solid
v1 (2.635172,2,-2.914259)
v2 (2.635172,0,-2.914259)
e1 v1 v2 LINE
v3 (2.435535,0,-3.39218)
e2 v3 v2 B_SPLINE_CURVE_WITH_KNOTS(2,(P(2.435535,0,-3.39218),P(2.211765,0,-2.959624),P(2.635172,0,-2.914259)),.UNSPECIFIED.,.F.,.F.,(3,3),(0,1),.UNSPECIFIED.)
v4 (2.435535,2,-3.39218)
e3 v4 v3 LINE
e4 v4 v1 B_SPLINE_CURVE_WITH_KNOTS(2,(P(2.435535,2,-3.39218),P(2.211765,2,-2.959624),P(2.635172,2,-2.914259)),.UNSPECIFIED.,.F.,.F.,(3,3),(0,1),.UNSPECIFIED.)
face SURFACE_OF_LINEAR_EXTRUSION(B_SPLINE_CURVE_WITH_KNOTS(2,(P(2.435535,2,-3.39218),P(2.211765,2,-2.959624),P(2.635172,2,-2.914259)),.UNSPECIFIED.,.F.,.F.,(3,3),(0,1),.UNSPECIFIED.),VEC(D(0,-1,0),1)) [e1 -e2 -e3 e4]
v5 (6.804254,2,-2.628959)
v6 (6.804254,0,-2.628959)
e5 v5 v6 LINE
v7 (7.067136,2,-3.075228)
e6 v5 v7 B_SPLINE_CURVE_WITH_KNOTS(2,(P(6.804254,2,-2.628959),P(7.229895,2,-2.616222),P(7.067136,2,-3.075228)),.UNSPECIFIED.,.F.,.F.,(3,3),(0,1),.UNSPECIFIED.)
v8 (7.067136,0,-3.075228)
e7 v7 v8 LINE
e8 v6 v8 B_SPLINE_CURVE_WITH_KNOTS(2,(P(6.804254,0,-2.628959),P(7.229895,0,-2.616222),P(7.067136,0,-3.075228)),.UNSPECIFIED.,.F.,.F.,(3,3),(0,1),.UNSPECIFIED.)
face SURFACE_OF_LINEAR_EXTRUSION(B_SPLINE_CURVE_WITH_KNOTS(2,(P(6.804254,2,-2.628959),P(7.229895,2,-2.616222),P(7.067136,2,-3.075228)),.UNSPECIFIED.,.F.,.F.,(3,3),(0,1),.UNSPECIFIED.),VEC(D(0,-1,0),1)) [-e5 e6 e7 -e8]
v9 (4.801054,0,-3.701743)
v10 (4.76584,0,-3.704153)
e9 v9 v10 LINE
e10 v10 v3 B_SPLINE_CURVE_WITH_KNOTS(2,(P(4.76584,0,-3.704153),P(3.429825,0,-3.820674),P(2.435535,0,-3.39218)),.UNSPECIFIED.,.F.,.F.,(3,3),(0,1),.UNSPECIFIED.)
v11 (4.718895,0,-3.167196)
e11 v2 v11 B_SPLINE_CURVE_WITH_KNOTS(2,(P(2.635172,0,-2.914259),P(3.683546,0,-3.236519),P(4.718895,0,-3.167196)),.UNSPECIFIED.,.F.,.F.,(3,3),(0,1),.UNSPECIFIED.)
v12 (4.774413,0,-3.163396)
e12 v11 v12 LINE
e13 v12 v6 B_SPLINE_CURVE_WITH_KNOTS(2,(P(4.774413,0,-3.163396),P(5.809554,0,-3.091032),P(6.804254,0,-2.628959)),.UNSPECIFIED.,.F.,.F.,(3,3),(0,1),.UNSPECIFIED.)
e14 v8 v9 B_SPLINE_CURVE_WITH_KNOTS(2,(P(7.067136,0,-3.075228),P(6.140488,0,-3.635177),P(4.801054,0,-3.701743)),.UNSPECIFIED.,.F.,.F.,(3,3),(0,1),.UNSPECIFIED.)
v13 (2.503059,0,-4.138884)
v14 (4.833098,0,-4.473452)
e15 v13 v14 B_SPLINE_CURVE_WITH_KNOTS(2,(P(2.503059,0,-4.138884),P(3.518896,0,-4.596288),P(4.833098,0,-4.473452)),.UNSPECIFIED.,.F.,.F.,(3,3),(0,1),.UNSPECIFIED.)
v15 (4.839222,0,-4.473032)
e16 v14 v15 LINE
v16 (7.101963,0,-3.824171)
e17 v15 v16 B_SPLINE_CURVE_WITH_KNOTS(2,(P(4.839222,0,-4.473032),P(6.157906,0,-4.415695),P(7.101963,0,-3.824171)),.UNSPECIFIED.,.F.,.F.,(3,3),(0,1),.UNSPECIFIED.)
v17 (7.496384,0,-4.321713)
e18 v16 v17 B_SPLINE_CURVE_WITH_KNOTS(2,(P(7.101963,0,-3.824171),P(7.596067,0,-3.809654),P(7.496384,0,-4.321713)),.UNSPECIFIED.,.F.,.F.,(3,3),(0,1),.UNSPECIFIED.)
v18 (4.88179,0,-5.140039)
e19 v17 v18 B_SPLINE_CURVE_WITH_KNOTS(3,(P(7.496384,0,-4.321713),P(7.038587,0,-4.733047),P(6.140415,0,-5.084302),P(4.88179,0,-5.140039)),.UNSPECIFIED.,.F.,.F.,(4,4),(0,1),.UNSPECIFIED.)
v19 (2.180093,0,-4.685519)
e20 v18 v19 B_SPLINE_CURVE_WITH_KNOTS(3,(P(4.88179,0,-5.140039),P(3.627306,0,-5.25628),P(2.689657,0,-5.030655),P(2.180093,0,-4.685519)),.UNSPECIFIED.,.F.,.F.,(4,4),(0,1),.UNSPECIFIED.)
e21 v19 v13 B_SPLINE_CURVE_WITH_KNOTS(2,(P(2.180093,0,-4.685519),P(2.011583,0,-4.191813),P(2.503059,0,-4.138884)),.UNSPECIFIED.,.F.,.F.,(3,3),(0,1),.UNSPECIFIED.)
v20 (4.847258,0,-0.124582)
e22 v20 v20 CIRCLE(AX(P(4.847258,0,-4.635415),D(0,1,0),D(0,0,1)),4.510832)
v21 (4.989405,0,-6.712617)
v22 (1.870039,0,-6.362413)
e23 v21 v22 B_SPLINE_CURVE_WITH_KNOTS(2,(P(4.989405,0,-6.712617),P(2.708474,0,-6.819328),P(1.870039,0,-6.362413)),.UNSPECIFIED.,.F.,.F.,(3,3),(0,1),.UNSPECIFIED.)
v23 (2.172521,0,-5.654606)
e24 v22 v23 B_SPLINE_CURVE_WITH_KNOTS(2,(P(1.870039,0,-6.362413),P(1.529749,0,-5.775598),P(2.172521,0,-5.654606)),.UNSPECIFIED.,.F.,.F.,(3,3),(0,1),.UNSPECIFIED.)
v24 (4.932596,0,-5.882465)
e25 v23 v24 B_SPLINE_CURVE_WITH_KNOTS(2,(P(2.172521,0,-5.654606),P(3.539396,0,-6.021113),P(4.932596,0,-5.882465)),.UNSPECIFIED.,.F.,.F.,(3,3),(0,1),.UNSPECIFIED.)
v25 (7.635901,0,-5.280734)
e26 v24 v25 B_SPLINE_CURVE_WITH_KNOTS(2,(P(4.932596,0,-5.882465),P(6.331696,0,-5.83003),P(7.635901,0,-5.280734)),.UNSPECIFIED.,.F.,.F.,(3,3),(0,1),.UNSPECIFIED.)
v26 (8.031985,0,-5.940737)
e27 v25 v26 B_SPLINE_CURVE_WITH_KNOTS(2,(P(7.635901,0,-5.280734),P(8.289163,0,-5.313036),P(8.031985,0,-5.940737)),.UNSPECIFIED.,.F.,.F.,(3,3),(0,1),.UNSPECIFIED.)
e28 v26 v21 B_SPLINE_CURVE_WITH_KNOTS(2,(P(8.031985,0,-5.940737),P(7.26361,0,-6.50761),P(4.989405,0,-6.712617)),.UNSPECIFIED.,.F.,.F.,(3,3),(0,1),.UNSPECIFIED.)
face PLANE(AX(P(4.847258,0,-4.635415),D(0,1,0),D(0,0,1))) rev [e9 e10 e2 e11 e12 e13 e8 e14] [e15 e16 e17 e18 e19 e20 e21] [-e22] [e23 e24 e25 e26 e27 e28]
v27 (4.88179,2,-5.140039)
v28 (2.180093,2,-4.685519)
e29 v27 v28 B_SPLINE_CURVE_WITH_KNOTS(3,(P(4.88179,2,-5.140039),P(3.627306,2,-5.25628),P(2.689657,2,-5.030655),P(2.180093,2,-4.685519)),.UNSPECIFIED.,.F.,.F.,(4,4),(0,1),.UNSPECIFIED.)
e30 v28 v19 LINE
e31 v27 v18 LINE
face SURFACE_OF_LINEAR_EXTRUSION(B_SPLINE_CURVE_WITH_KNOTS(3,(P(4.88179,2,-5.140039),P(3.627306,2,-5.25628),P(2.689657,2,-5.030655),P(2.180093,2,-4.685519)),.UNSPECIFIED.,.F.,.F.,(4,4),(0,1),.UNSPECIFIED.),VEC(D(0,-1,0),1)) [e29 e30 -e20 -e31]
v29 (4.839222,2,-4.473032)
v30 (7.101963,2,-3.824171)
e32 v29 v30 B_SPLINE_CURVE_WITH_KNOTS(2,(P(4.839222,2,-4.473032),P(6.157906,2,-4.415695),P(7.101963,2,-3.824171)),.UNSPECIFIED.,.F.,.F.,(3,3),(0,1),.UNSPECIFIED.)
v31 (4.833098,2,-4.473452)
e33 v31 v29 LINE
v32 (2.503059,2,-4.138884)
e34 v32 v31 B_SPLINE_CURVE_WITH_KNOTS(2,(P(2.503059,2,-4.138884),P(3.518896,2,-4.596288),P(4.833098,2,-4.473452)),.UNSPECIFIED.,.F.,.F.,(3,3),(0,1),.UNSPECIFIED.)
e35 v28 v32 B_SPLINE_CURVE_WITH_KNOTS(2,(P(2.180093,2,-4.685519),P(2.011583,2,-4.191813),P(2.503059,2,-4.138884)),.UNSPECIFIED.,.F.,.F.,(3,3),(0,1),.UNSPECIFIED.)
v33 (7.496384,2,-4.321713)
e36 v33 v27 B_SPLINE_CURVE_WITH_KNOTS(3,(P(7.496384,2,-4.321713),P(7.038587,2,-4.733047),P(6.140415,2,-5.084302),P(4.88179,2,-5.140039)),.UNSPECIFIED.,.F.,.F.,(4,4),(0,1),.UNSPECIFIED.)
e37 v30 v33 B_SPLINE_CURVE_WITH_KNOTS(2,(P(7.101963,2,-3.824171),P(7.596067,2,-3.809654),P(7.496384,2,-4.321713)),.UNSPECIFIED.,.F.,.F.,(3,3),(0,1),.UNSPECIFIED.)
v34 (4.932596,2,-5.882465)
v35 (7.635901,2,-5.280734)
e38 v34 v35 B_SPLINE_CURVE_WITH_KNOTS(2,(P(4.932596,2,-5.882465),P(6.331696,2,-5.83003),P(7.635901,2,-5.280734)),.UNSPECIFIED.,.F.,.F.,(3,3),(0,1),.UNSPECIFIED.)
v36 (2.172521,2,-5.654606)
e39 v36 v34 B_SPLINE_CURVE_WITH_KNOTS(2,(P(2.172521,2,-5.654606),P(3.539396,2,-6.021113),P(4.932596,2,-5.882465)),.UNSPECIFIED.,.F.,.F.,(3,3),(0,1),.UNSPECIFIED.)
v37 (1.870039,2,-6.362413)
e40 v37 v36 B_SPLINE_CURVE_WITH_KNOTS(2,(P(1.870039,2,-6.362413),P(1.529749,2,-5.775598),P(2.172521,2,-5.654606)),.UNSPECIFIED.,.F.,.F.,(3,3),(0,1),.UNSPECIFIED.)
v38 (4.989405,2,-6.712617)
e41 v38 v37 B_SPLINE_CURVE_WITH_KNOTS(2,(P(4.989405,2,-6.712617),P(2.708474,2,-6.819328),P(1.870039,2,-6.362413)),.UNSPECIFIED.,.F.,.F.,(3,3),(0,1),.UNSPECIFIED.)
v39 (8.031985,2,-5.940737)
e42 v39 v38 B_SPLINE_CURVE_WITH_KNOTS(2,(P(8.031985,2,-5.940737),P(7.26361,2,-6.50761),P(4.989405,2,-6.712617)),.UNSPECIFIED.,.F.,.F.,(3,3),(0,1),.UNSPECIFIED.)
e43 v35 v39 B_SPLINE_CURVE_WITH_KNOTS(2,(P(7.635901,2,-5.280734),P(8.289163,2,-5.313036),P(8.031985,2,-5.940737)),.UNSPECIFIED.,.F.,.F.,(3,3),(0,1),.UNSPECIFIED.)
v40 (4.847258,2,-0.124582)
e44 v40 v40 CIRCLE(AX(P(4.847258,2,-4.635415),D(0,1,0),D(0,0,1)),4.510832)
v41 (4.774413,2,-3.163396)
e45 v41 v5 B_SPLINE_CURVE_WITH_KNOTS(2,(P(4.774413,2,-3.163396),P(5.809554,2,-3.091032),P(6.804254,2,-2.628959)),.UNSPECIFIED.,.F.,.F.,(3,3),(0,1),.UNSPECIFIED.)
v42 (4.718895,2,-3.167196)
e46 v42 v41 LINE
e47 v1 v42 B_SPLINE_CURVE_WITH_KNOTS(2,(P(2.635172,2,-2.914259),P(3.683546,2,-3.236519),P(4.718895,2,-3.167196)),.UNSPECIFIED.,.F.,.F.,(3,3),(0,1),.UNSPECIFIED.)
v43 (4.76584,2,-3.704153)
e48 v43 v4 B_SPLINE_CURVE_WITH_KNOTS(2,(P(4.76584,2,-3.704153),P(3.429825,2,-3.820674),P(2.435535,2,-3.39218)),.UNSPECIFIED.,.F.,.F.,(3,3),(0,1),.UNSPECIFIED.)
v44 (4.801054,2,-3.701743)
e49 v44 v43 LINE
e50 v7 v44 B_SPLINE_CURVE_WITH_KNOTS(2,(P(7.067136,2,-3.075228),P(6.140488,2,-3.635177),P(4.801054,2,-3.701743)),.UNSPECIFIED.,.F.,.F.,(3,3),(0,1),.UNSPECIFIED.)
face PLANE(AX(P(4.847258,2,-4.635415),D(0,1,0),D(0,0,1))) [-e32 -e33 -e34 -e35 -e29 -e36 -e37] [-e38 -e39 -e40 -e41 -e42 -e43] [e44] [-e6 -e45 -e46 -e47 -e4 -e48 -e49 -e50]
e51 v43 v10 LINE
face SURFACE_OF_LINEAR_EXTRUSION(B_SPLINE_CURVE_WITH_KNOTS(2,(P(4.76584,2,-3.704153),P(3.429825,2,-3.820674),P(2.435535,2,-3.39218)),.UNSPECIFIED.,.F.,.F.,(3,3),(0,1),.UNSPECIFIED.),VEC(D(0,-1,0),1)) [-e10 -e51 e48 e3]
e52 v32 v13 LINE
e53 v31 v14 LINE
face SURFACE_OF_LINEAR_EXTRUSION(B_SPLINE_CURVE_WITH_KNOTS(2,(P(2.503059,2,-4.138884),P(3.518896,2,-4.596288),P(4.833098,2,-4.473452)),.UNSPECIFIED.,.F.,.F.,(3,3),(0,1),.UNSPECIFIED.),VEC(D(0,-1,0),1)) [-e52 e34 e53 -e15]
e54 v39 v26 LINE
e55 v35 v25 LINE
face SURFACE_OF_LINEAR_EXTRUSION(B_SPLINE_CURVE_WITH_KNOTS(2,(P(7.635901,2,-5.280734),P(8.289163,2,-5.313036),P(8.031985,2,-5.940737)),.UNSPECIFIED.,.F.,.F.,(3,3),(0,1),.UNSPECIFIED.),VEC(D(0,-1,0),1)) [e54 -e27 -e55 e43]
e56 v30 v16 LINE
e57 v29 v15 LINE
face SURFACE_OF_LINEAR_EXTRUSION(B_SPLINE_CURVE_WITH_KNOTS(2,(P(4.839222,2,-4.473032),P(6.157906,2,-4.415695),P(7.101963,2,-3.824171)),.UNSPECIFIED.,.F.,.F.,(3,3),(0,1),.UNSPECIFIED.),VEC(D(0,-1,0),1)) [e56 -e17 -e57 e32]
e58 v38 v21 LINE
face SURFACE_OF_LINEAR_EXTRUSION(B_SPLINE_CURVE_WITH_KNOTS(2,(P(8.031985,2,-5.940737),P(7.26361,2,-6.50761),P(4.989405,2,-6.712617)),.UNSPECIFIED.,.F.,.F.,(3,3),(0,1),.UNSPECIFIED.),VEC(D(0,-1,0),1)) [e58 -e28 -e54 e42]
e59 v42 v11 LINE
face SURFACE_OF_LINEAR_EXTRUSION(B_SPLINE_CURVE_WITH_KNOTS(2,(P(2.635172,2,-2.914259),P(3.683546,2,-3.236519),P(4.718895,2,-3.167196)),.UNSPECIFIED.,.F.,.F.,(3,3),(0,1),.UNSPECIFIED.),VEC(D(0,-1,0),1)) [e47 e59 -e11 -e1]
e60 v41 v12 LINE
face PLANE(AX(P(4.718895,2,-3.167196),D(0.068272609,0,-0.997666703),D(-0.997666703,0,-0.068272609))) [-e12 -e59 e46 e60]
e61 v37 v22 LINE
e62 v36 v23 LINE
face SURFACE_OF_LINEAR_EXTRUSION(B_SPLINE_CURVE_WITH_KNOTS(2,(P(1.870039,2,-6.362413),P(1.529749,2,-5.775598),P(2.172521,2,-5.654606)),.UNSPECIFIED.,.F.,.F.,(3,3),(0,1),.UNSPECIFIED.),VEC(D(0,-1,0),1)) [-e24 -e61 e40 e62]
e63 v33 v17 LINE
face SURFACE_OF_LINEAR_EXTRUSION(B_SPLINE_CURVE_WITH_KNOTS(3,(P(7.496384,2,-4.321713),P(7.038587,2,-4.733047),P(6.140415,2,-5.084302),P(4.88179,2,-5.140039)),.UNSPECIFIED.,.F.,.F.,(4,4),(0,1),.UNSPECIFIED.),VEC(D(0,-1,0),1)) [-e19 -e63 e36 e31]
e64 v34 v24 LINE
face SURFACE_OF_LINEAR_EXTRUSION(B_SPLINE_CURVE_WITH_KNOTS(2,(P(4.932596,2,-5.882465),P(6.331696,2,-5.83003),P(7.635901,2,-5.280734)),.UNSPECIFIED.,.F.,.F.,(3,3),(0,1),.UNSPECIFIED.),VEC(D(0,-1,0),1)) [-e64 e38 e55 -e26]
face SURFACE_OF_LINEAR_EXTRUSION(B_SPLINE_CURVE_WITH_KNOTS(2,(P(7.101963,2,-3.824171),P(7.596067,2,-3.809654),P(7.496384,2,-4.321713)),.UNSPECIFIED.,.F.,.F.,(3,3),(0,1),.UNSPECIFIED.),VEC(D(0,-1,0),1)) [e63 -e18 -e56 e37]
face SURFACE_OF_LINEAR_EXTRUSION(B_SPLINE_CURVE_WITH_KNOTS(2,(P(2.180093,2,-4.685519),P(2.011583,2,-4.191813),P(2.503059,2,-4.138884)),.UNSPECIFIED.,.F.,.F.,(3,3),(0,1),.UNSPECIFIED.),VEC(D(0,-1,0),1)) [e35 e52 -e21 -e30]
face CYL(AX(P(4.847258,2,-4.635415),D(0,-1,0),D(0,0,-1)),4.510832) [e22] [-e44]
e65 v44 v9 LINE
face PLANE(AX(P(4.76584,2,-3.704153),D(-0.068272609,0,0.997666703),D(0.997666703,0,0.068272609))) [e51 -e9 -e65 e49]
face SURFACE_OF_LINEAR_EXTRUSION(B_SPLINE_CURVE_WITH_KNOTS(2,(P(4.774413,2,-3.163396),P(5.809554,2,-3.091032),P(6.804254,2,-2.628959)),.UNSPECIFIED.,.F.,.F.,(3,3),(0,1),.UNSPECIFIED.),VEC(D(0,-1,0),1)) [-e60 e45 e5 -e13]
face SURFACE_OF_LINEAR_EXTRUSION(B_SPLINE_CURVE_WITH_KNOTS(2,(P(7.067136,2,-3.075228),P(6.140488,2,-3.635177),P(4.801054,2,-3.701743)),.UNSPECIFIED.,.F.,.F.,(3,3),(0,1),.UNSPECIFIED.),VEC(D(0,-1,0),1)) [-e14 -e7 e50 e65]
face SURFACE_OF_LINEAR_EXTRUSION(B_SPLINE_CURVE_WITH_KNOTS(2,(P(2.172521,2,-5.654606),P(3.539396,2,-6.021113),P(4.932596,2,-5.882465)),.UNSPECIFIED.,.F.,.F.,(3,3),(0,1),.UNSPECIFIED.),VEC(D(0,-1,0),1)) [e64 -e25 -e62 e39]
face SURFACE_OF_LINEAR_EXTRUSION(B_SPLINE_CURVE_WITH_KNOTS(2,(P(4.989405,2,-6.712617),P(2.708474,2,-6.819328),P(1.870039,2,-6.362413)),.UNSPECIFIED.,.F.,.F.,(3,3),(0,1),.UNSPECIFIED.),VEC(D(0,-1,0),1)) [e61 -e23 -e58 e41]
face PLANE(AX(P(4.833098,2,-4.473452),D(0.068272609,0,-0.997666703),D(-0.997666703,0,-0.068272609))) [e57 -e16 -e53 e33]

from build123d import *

# Parameters (mm, degrees)
SKETCH1_R           = 4.510832166
BOSS_EXTRUDE1_DEPTH = 2


with BuildPart() as part:
    # Sketch1 → Boss-Extrude1 (new body)
    with BuildSketch(Plane(origin=(0, 0, 0), x_dir=(1, 0, 0), z_dir=(0, 1, 0))):
        with Locations((4.847257792, 4.635414513)):
            Circle(SKETCH1_R)
        with BuildLine():
            Line((4.765839993, 3.704152946), (4.801053978, 3.701743172))
            add(Edge.make_bspline(
                [(4.801053978, 3.701743172), (6.14048774, 3.63517676), (7.067136471, 3.075228485)],
                knots=[0, 0, 0, 1, 1, 1], degree=2))
            add(Edge.make_bspline(
                [(7.067136471, 3.075228485), (7.229894904, 2.616221828), (6.804254242, 2.628959028)],
                knots=[0, 0, 0, 1, 1, 1], degree=2))
            add(Edge.make_bspline(
                [(6.804254242, 2.628959028), (5.8095543, 3.091031812), (4.77441326, 3.163396408)],
                knots=[0, 0, 0, 1, 1, 1], degree=2))
            Line((4.77441326, 3.163396408), (4.718895199, 3.167195635))
            add(Edge.make_bspline(
                [(2.635172404, 2.914258811), (3.683546068, 3.236519406), (4.718895199, 3.167195635)],
                knots=[0, 0, 0, 1, 1, 1], degree=2))
            add(Edge.make_bspline(
                [(2.43553462, 3.392179568), (2.211764545, 2.959623939), (2.635172404, 2.914258811)],
                knots=[0, 0, 0, 1, 1, 1], degree=2))
            add(Edge.make_bspline(
                [(4.765839993, 3.704152946), (3.429824714, 3.820673616), (2.43553462, 3.392179568)],
                knots=[0, 0, 0, 1, 1, 1], degree=2))
        make_face(mode=Mode.SUBTRACT)
        with BuildLine():
            Line((4.833097784, 4.473451505), (4.839222124, 4.473032403))
            add(Edge.make_bspline(
                [(7.101962805, 3.824170948), (6.157905723, 4.415694672), (4.839222124, 4.473032403)],
                knots=[0, 0, 0, 1, 1, 1], degree=2))
            add(Edge.make_bspline(
                [(7.496384151, 4.321712857), (7.596066747, 3.809653625), (7.101962805, 3.824170948)],
                knots=[0, 0, 0, 1, 1, 1], degree=2))
            add(Edge.make_bspline(
                [(4.881790421, 5.14003934), (6.140415114, 5.08430185), (7.038587479, 4.73304729), (7.496384151, 4.321712857)],
                knots=[0, 0, 0, 0, 1, 1, 1, 1], degree=3))
            add(Edge.make_bspline(
                [(4.881790421, 5.14003934), (3.627306072, 5.256279636), (2.689656518, 5.030654558), (2.180092864, 4.6855188)],
                knots=[0, 0, 0, 0, 1, 1, 1, 1], degree=3))
            add(Edge.make_bspline(
                [(2.180092864, 4.6855188), (2.011583443, 4.19181256), (2.503058846, 4.138884439)],
                knots=[0, 0, 0, 1, 1, 1], degree=2))
            add(Edge.make_bspline(
                [(2.503058846, 4.138884439), (3.518896422, 4.5962881), (4.833097784, 4.473451505)],
                knots=[0, 0, 0, 1, 1, 1], degree=2))
        make_face(mode=Mode.SUBTRACT)
        with BuildLine():
            add(Edge.make_bspline(
                [(4.98940547, 6.712616582), (2.708473933, 6.819328215), (1.870039434, 6.362412541)],
                knots=[0, 0, 0, 1, 1, 1], degree=2))
            add(Edge.make_bspline(
                [(1.870039434, 6.362412541), (1.529749193, 5.775598177), (2.172520926, 5.654605851)],
                knots=[0, 0, 0, 1, 1, 1], degree=2))
            add(Edge.make_bspline(
                [(2.172520926, 5.654605851), (3.539396322, 6.021113127), (4.93259631, 5.882465099)],
                knots=[0, 0, 0, 1, 1, 1], degree=2))
            add(Edge.make_bspline(
                [(7.635900953, 5.28073429), (6.331696023, 5.830029687), (4.93259631, 5.882465099)],
                knots=[0, 0, 0, 1, 1, 1], degree=2))
            add(Edge.make_bspline(
                [(8.031984733, 5.940736564), (8.289162951, 5.31303607), (7.635900953, 5.28073429)],
                knots=[0, 0, 0, 1, 1, 1], degree=2))
            add(Edge.make_bspline(
                [(4.98940547, 6.712616582), (7.263610448, 6.507609829), (8.031984733, 5.940736564)],
                knots=[0, 0, 0, 1, 1, 1], degree=2))
        make_face(mode=Mode.SUBTRACT)
    extrude(amount=BOSS_EXTRUDE1_DEPTH)


solid = part.part
